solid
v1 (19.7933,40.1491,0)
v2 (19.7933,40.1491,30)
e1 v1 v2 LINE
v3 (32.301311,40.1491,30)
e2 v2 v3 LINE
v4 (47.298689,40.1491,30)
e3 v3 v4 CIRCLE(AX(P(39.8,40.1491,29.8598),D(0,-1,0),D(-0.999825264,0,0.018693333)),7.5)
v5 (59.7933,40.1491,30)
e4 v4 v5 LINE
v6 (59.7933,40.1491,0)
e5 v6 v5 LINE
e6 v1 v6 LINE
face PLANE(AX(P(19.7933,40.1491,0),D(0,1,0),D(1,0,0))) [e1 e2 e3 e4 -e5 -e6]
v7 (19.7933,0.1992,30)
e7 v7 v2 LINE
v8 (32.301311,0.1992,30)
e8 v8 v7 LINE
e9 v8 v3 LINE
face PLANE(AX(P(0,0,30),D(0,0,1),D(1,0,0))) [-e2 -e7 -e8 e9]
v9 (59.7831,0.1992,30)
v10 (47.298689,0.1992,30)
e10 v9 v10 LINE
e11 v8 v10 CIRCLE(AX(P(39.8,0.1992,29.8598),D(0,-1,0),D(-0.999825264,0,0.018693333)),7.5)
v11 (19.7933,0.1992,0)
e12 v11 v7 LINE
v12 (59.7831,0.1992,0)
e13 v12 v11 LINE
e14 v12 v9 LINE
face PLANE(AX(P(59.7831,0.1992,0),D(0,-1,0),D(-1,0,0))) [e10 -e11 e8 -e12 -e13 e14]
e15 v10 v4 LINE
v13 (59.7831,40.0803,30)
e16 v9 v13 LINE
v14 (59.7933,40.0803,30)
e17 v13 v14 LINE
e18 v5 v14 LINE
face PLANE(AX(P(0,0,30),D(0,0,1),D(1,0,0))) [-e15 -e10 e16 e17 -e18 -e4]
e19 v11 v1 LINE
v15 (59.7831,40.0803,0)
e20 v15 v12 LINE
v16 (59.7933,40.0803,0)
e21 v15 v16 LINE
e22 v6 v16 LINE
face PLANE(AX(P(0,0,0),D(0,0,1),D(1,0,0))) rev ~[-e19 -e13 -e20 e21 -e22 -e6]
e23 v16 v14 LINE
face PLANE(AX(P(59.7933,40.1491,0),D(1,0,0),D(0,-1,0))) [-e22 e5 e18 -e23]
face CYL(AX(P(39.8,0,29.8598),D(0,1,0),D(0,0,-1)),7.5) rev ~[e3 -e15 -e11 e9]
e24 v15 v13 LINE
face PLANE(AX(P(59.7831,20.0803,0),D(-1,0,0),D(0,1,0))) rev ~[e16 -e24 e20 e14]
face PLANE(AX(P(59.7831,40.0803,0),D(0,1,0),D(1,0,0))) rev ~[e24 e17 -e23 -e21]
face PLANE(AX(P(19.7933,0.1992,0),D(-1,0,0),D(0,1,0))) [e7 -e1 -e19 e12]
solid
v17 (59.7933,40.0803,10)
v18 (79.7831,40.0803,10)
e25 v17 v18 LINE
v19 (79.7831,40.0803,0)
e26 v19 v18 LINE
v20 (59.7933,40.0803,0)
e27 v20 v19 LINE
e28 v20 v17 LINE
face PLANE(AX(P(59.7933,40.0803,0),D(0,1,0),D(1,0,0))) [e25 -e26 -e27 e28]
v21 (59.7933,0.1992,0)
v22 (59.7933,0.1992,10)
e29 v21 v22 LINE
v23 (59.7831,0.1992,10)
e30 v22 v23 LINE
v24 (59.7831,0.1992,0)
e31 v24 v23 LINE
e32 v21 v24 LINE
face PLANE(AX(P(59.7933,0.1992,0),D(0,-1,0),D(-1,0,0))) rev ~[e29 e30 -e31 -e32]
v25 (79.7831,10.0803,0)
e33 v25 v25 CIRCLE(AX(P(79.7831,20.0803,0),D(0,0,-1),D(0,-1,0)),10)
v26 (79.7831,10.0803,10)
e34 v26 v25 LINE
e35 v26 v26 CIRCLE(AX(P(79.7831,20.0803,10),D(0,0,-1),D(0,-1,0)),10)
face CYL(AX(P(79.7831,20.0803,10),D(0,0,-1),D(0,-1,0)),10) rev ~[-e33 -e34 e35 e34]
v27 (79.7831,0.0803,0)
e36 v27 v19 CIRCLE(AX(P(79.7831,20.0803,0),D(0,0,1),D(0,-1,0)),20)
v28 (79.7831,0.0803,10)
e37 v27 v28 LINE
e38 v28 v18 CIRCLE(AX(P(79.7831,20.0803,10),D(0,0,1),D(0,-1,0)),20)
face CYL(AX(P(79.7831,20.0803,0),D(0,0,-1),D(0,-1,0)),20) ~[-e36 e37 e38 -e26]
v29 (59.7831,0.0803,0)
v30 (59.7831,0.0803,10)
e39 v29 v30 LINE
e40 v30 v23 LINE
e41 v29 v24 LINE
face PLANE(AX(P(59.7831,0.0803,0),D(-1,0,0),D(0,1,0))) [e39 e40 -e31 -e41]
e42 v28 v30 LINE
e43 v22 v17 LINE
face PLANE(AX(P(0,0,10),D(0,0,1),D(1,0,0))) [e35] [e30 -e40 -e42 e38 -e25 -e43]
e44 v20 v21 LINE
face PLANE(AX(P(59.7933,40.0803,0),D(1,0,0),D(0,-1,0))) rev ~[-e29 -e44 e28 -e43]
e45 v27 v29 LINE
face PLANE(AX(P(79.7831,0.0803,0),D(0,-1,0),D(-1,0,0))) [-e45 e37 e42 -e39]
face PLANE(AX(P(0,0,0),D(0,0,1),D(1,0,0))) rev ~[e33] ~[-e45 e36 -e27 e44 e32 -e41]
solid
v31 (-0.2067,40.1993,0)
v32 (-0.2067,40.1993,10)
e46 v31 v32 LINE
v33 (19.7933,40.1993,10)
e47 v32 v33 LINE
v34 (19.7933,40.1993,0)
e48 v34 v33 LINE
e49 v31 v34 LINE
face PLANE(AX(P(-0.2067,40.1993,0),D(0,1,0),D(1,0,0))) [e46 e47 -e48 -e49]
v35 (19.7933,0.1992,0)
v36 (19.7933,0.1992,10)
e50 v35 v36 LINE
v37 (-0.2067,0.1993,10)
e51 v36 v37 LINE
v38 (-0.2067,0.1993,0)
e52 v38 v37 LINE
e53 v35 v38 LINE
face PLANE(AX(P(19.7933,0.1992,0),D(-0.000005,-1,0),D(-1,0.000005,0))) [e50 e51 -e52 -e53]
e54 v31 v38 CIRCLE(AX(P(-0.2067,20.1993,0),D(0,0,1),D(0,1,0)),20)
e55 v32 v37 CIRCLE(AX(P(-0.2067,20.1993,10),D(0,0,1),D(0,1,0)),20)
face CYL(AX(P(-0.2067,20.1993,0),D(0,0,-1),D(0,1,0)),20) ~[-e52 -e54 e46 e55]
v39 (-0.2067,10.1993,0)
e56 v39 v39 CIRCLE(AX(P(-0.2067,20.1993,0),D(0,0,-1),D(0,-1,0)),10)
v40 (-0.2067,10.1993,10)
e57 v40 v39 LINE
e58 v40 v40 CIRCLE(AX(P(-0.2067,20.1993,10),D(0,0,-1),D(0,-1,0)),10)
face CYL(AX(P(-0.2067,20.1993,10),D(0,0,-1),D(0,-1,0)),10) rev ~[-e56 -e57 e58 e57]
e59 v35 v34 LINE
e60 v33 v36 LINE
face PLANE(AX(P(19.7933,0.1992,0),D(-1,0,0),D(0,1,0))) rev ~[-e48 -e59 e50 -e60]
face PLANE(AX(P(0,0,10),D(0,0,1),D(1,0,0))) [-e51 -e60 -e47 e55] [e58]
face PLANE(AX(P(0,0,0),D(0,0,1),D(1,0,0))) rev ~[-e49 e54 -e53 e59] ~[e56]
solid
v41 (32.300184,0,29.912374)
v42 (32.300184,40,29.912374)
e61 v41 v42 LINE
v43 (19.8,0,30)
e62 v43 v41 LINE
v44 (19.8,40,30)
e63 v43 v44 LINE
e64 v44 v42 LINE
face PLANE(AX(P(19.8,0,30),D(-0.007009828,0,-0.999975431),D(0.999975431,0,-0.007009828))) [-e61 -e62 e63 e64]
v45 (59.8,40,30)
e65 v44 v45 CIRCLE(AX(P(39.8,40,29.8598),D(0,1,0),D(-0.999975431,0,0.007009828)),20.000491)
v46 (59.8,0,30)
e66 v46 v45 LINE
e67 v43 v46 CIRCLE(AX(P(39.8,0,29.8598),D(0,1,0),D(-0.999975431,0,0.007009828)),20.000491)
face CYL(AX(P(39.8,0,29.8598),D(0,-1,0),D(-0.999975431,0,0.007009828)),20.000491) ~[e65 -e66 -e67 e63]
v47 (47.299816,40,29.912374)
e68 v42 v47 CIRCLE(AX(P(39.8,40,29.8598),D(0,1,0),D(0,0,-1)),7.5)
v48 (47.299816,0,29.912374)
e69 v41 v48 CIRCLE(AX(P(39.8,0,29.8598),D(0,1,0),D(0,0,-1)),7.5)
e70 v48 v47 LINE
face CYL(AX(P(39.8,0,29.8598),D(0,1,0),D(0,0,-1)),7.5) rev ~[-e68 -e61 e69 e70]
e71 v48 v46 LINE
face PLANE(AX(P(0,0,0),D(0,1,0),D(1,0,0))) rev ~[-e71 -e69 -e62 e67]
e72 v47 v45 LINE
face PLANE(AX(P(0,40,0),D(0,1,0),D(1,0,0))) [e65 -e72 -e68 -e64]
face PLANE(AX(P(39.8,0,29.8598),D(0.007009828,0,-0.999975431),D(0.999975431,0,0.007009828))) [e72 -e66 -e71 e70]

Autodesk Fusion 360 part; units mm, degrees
sketch "Sketch1" plane through (0, 0, 0) normal (0, 0, 1) x (1, 0, 0)
  line L0 (19.7933, 40.1491) -> (59.7933, 40.1491)
  line L1 (59.7933, 40.1491) -> (59.7933, 0.1992)
  line L2 (59.7933, 0.1992) -> (19.7933, 0.1992)
  line L3 (19.7933, 0.1992) -> (19.7933, 40.1491)
  line L4 (-0.2067, 40.1993) -> (19.7933, 40.1993)
  line L5 (19.7933, 40.1993) -> (19.7933, 0.1993)
  line L6 (19.7933, 0.1993) -> (-0.2067, 0.1993)
  line L7 (-0.2067, 0.1993) -> (-0.2067, 40.1993)
  line L8 (59.7831, 40.0803) -> (79.7831, 40.0803)
  line L9 (79.7831, 40.0803) -> (79.7831, 0.0803)
  line L10 (79.7831, 0.0803) -> (59.7831, 0.0803)
  line L11 (59.7831, 0.0803) -> (59.7831, 40.0803)
  arc A0 (-0.2067, 40.1993) -> (-0.2067, 0.1993) centre (-0.2067, 20.1993) ccw
  arc A1 (59.7933, 20.7212) -> (59.7933, 19.4394) centre (79.7831, 20.0803) ccw
  arc A2 (79.7831, 0.0803) -> (79.7831, 40.0803) centre (79.7831, 20.0803) ccw
  dimension "d1" = 40
  dimension "d3" = 20
  dimension "d4" = 40
  dimension "d13" = 40
  dimension "d14" = 40
extrude "Extrude1" add sketch "Sketch1" along normal blind 10 contours L3 L4 L5 L6 L7 makes body 1
extrude "Extrude2" add sketch "Sketch1" along normal blind 30 separate body contours L0 L1 L2 L3 L5 L8 L11 makes body 2
extrude "Extrude3" add sketch "Sketch1" along normal blind 10 separate body contours L1 L2 L8 L9 L10 L11 makes body 3
extrude "Extrude4" add sketch "Sketch1" along normal blind 10 contours L7 A0 bodies 1
extrude "Extrude5" add sketch "Sketch1" along normal blind 10 contours L9 A2 bodies 3
hole "Hole1" at (-0.2067, 20.1993, 10) direction (0, 0, -1) diameter 20 depth 20 tip angle 180 bodies 1
hole "Hole2" at (79.7831, 20.0803, 10) direction (0, 0, -1) diameter 20 depth 20 tip angle 180 bodies 3
sketch "Sketch3" plane through (0, 0, 0) normal (0, 1, 0) x (1, 0, 0)
  arc A0 (19.8, -30) -> (59.8, -30) centre (39.8, -29.8598) ccw
  line L0 (19.8, -30) -> (39.8, -29.8598)
  line L1 (39.8, -29.8598) -> (59.8, -30)
extrude "Extrude6" add sketch "Sketch3" along normal blind 40 separate body makes body 4
hole "Hole3" at (39.8, 0, 29.8598) direction (0, 1, 0) diameter 15 depth 50 tip angle 180 bodies 2 4
